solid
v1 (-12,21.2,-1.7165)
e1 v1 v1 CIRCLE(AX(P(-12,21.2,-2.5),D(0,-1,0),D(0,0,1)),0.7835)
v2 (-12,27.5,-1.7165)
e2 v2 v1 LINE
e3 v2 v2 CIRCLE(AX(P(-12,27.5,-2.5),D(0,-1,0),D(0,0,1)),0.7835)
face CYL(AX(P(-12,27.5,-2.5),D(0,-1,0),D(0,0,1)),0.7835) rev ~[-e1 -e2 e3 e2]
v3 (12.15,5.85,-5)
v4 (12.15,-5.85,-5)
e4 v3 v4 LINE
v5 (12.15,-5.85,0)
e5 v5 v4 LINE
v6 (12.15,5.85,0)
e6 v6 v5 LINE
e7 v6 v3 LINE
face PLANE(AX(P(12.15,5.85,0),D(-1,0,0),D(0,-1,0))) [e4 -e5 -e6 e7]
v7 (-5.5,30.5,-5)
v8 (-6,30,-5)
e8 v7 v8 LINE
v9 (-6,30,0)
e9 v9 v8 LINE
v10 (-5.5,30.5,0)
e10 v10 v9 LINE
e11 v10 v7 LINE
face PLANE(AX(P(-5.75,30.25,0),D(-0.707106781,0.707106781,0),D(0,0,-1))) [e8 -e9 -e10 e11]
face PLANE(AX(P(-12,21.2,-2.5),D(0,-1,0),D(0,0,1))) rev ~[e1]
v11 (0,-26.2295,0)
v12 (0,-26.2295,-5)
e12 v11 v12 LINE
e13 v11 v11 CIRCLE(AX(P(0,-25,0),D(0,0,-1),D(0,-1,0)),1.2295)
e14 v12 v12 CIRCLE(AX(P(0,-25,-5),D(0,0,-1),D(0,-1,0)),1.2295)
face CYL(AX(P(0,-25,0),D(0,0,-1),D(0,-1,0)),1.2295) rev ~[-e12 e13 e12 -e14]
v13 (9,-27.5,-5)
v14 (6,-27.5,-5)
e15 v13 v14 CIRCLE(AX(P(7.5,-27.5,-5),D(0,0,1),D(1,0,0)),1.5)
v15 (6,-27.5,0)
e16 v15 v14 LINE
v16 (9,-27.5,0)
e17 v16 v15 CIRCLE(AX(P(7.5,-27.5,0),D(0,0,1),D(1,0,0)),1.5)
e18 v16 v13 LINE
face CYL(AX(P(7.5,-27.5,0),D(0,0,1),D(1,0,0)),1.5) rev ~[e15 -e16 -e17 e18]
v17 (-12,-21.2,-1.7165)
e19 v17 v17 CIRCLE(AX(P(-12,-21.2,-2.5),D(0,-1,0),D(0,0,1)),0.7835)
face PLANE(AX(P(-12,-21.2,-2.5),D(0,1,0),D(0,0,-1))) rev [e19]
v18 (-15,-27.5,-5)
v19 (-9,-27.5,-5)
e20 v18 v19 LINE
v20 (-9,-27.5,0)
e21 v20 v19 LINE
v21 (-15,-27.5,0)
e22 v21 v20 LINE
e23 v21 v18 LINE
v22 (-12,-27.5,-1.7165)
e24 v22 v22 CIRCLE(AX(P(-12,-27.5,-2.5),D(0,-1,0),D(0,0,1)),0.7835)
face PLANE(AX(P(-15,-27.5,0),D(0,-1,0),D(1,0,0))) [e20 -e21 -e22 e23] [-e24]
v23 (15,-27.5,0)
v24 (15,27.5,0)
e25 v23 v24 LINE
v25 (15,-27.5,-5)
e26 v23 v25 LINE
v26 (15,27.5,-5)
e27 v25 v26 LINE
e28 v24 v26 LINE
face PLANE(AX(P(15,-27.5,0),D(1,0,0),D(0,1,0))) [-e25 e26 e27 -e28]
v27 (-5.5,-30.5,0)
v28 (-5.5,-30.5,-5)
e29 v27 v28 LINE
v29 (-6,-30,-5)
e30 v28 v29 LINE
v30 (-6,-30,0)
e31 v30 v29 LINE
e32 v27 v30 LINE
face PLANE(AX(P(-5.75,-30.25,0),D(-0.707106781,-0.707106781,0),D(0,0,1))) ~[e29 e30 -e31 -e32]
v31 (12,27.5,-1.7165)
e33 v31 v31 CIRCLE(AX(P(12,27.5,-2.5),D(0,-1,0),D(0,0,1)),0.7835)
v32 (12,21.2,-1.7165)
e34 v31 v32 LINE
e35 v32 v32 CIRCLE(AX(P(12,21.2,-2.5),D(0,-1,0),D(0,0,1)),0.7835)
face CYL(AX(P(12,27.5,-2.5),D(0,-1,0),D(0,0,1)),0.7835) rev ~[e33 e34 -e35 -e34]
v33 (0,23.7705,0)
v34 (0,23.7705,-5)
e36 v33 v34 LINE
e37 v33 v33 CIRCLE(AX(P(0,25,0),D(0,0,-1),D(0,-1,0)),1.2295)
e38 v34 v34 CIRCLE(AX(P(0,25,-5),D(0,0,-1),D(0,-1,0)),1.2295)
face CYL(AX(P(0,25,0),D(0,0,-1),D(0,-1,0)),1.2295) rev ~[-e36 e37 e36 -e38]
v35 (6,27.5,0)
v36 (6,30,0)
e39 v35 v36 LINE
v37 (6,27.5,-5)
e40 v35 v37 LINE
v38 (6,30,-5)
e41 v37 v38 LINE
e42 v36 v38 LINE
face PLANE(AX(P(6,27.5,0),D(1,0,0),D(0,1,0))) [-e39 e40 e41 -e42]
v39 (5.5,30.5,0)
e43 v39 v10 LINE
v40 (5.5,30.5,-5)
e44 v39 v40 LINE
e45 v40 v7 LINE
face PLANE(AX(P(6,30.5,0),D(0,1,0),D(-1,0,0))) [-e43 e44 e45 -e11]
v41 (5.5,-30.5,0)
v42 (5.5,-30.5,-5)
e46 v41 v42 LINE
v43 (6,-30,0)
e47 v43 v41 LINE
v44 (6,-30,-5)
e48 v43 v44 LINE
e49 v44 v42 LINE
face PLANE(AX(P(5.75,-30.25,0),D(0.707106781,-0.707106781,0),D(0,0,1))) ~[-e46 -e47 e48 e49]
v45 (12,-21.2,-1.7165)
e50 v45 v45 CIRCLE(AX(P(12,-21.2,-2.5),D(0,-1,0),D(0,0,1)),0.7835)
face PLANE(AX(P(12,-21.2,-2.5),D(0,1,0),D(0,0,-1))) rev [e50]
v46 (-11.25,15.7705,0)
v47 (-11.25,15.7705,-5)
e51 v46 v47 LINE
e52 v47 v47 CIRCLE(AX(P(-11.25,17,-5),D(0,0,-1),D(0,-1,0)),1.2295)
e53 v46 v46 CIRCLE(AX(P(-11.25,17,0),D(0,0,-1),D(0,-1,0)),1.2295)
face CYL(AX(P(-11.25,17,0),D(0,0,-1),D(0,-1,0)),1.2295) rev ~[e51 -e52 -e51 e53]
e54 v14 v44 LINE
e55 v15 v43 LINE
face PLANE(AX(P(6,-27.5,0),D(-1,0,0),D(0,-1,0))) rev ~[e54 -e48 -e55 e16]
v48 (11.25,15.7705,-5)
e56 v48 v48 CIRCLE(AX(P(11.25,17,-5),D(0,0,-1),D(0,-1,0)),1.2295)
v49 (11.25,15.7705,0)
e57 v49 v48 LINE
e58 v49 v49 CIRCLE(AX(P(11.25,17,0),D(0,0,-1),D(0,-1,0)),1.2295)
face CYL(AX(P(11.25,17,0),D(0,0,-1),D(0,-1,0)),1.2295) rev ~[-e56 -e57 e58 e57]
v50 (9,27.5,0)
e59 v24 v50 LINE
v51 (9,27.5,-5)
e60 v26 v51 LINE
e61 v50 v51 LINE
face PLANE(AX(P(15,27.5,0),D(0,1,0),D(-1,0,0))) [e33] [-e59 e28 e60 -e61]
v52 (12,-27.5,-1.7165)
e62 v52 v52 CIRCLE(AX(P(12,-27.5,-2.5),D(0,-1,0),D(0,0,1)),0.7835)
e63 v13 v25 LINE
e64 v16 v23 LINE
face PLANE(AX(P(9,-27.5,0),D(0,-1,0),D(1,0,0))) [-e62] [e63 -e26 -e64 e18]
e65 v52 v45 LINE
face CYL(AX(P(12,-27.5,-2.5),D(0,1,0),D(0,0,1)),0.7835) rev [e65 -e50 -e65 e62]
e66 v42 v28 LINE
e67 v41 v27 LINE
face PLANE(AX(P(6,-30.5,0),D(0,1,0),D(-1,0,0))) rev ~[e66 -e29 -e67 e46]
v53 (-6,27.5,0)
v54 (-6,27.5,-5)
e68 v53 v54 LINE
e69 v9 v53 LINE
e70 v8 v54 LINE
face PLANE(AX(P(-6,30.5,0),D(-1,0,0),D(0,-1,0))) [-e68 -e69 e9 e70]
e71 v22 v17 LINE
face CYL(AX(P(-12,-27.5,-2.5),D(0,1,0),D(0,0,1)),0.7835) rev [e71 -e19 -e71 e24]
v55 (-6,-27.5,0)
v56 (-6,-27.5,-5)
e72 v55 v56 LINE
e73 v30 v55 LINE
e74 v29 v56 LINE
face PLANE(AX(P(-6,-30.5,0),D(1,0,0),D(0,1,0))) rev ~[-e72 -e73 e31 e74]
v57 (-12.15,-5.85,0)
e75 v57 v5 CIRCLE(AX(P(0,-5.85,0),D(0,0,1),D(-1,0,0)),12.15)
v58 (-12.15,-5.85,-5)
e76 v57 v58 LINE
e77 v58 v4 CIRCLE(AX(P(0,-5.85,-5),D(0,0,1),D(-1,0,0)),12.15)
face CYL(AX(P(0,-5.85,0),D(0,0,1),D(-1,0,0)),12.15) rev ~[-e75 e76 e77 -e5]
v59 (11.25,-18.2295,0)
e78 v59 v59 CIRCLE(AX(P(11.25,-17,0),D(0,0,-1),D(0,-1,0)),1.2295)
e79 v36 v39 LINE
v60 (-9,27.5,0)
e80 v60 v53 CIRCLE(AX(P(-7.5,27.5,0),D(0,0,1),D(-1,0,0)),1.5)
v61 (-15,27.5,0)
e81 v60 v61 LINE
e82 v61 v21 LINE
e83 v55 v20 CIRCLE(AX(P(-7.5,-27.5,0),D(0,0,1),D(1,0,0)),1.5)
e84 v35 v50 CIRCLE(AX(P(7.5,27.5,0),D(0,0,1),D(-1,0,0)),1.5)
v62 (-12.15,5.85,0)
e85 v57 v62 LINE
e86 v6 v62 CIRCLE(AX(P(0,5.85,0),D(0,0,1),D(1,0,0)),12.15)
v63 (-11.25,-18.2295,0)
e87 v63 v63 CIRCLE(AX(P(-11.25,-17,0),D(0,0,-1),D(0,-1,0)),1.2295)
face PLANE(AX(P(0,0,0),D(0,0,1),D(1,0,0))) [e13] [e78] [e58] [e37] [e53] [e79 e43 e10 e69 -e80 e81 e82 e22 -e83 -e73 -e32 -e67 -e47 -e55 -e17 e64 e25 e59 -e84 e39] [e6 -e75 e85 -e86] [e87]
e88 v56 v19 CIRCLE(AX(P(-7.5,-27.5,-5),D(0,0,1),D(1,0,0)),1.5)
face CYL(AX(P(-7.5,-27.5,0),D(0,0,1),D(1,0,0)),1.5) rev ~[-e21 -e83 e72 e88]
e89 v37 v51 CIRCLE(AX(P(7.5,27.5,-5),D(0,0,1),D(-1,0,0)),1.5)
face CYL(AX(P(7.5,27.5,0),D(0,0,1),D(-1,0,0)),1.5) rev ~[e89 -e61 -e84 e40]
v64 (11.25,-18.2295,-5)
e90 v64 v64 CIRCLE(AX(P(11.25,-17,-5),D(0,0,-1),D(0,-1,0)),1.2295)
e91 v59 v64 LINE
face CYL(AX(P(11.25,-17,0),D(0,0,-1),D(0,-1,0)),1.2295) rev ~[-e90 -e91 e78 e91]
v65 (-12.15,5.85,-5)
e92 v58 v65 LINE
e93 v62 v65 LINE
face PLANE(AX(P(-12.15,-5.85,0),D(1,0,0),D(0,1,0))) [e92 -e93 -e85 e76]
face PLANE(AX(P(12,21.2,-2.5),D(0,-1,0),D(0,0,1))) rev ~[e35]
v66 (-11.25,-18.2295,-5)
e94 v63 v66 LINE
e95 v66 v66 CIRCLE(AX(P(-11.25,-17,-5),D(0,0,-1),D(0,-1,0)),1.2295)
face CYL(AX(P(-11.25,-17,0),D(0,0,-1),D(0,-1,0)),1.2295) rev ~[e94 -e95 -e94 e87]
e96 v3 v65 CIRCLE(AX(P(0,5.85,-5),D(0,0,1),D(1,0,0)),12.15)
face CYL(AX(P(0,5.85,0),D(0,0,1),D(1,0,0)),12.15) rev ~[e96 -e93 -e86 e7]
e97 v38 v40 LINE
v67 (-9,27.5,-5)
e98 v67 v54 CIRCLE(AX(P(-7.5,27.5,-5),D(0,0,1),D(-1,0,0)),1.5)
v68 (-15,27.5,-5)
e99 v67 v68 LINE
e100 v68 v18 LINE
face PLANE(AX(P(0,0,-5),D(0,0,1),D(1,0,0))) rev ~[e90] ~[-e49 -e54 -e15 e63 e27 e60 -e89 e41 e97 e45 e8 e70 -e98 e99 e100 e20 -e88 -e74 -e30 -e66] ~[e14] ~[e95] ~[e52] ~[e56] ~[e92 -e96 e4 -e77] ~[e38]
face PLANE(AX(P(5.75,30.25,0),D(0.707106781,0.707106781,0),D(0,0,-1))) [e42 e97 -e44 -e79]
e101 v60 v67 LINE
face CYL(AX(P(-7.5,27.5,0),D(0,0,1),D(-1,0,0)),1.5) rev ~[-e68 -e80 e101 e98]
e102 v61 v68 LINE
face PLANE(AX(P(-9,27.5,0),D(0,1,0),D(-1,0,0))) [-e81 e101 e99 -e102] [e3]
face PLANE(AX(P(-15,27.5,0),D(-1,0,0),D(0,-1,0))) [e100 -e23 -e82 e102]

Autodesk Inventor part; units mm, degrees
ref_plane "YZ Plane" through (0, 0, 0) normal (1, 0, 0) x (0, 1, 0)
ref_plane "XZ Plane" through (0, 0, 0) normal (0, 1, 0) x (-1, 0, 0)
ref_plane "XY Plane" through (0, 0, 0) normal (0, 0, 1) x (1, 0, 0)
sketch "Sketch1" plane through (0, 0, 0) normal (0, 0, 1) x (1, 0, 0)
  line L0 (15, 27.5) -> (-15, 27.5)
  line L1 (-15, 27.5) -> (-15, -27.5)
  line L2 (-15, -27.5) -> (15, -27.5)
  line L3 (15, -27.5) -> (15, 27.5)
  line L4 (15, 27.5) -> (-15, -27.5) construction
  line L5 (-15, 27.5) -> (15, -27.5) construction
  line L6 (11.25, 17) -> (-11.25, 17) construction
  line L7 (-11.25, 17) -> (-11.25, -17) construction
  line L8 (-11.25, -17) -> (11.25, -17) construction
  line L9 (11.25, -17) -> (11.25, 17) construction
  line L10 (11.25, 17) -> (-11.25, -17) construction
  line L11 (-11.25, 17) -> (11.25, -17) construction
  line L12 (0, 27.5) -> (0, -27.5) construction
  line L13 (15, 0) -> (-15, 0) construction
  line L14 (6, 27.5) -> (6, 30.5)
  line L15 (6, 30.5) -> (-6, 30.5)
  line L16 (-6, 30.5) -> (-6, 27.5)
  arc A0 (-9, 27.5) -> (-6, 27.5) centre (-7.5, 27.5) ccw
  line L17 (6, -27.5) -> (6, -30.5)
  line L18 (6, -30.5) -> (-6, -30.5)
  line L19 (-6, -30.5) -> (-6, -27.5)
  arc A1 (-6, -27.5) -> (-9, -27.5) centre (-7.5, -27.5) ccw
  line L20 (-12, 27.5) -> (-12, 21.5) construction
  line L21 (0, 30.5) -> (0, 27.5) construction
  line L22 (12, 27.5) -> (12, 21.5) construction
  arc A2 (6, 27.5) -> (9, 27.5) centre (7.5, 27.5) ccw
  line L23 (12, -27.5) -> (12, -21.5) construction
  arc A3 (9, -27.5) -> (6, -27.5) centre (7.5, -27.5) ccw
  line L24 (-14.15, -20) -> (14.15, -20) construction
  line L25 (14.15, -20) -> (14.15, 20) construction
  line L26 (14.15, 20) -> (-14.15, 20) construction
  line L27 (-14.15, 20) -> (-14.15, -20) construction
  line L28 (-14.15, -20) -> (14.15, 20) construction
  line L29 (14.15, -20) -> (-14.15, 20) construction
  arc A4 (-12.15, -5.85) -> (12.15, -5.85) centre (0, -5.85) ccw
  line L30 (12.15, -5.85) -> (-12.15, -5.85) construction
  arc A5 (12.15, 5.85) -> (-12.15, 5.85) centre (0, 5.85) ccw
  line L31 (-12.15, -5.85) -> (-12.15, 5.85)
  line L32 (12.15, 5.85) -> (12.15, -5.85)
  circle A6 centre (11.25, 17) radius 1.5 construction
  point P0 (0, 0)
  point P1 (0, 0)
  point P2 (0, 0)
  point P3 (-9, -27.5)
  point P4 (6, -27.5)
  point P5 (-6, -27.5)
  point P6 (-6, -27.5)
  point P7 (6, -27.5)
  point P8 (9, -27.5)
  point P9 (0, 25)
  point P10 (0, -25)
  dimension "d0" = 22.5
  dimension "d1" = 34
  dimension "d19" = 3
  dimension "d37" = 55
  dimension "d40" = 6
  dimension "d41" = 6
  dimension "d57" = 30
  dimension "d58" = 1.5
  dimension "d59" = 28.3
  dimension "d60" = 40
  dimension "d61" = 2
  dimension "d62" = 2
  dimension "d63" = 9
  dimension "d64" = 12
  dimension "d65" = 3
  dimension "d66" = 50
extrude "Extrusion1" add sketch "Sketch1" against normal blind 5 contours L3 L2 A3 A1 L1 L0 A0 A2 | L0 L16 L15 L14 | L17 L18 L19 L2 | L31 A5 L32 A4
extrude "Extrusion2" cut sketch "Sketch1" against normal through all contours L31 A5 L32 A4
hole "M3" at (11.25, 17, 0) at (-11.25, 17, 0) at (-11.25, -17, 0) at (11.25, -17, 0) at (0, -25, 0) at (0, 25, 0) direction (0, 0, -1) diameter 2.459 end through all thread size "M3x0.5" class "6H" standard "ANSI Metric M Profile"
sketch "Sketch2" plane through (-15, 27.5, 0) normal (0, 1, 0) x (1, 0, 0)
  line L0 (3, 5) -> (3, 0)
  line L1 (30, 0) -> (0, 0) projected
  line L2 (27, 5) -> (27, 0)
  line L3 (24, 5) -> (30, 5) projected
  line L4 (0, 5) -> (6, 5) projected
  point P0 (15, 0)
  point P1 (6, 0)
  point P2 (3, 2.5)
  point P3 (3, 0)
  point P4 (27, 2.5)
hole "Side-M2" at (-12, 27.5, -2.5) at (12, 27.5, -2.5) direction (0, -1, 0) diameter 1.567 depth 6.3 thread size "M2x0.4" class "6H" standard "ANSI Metric M Profile"
chamfer "C0.5" distance 0.5 angle 45 4 edges at (6, -30.5, -2.5) (-6, -30.5, -2.5) (6, 30.5, -2.5) (-6, 30.5, -2.5)
mirror "Mirror1" about plane through (0, 0, 0) normal (0, 1, 0) of "Side-M2"
properties part number "HeadSpeakerMountFrame" material "Acetal Resin, Black"
